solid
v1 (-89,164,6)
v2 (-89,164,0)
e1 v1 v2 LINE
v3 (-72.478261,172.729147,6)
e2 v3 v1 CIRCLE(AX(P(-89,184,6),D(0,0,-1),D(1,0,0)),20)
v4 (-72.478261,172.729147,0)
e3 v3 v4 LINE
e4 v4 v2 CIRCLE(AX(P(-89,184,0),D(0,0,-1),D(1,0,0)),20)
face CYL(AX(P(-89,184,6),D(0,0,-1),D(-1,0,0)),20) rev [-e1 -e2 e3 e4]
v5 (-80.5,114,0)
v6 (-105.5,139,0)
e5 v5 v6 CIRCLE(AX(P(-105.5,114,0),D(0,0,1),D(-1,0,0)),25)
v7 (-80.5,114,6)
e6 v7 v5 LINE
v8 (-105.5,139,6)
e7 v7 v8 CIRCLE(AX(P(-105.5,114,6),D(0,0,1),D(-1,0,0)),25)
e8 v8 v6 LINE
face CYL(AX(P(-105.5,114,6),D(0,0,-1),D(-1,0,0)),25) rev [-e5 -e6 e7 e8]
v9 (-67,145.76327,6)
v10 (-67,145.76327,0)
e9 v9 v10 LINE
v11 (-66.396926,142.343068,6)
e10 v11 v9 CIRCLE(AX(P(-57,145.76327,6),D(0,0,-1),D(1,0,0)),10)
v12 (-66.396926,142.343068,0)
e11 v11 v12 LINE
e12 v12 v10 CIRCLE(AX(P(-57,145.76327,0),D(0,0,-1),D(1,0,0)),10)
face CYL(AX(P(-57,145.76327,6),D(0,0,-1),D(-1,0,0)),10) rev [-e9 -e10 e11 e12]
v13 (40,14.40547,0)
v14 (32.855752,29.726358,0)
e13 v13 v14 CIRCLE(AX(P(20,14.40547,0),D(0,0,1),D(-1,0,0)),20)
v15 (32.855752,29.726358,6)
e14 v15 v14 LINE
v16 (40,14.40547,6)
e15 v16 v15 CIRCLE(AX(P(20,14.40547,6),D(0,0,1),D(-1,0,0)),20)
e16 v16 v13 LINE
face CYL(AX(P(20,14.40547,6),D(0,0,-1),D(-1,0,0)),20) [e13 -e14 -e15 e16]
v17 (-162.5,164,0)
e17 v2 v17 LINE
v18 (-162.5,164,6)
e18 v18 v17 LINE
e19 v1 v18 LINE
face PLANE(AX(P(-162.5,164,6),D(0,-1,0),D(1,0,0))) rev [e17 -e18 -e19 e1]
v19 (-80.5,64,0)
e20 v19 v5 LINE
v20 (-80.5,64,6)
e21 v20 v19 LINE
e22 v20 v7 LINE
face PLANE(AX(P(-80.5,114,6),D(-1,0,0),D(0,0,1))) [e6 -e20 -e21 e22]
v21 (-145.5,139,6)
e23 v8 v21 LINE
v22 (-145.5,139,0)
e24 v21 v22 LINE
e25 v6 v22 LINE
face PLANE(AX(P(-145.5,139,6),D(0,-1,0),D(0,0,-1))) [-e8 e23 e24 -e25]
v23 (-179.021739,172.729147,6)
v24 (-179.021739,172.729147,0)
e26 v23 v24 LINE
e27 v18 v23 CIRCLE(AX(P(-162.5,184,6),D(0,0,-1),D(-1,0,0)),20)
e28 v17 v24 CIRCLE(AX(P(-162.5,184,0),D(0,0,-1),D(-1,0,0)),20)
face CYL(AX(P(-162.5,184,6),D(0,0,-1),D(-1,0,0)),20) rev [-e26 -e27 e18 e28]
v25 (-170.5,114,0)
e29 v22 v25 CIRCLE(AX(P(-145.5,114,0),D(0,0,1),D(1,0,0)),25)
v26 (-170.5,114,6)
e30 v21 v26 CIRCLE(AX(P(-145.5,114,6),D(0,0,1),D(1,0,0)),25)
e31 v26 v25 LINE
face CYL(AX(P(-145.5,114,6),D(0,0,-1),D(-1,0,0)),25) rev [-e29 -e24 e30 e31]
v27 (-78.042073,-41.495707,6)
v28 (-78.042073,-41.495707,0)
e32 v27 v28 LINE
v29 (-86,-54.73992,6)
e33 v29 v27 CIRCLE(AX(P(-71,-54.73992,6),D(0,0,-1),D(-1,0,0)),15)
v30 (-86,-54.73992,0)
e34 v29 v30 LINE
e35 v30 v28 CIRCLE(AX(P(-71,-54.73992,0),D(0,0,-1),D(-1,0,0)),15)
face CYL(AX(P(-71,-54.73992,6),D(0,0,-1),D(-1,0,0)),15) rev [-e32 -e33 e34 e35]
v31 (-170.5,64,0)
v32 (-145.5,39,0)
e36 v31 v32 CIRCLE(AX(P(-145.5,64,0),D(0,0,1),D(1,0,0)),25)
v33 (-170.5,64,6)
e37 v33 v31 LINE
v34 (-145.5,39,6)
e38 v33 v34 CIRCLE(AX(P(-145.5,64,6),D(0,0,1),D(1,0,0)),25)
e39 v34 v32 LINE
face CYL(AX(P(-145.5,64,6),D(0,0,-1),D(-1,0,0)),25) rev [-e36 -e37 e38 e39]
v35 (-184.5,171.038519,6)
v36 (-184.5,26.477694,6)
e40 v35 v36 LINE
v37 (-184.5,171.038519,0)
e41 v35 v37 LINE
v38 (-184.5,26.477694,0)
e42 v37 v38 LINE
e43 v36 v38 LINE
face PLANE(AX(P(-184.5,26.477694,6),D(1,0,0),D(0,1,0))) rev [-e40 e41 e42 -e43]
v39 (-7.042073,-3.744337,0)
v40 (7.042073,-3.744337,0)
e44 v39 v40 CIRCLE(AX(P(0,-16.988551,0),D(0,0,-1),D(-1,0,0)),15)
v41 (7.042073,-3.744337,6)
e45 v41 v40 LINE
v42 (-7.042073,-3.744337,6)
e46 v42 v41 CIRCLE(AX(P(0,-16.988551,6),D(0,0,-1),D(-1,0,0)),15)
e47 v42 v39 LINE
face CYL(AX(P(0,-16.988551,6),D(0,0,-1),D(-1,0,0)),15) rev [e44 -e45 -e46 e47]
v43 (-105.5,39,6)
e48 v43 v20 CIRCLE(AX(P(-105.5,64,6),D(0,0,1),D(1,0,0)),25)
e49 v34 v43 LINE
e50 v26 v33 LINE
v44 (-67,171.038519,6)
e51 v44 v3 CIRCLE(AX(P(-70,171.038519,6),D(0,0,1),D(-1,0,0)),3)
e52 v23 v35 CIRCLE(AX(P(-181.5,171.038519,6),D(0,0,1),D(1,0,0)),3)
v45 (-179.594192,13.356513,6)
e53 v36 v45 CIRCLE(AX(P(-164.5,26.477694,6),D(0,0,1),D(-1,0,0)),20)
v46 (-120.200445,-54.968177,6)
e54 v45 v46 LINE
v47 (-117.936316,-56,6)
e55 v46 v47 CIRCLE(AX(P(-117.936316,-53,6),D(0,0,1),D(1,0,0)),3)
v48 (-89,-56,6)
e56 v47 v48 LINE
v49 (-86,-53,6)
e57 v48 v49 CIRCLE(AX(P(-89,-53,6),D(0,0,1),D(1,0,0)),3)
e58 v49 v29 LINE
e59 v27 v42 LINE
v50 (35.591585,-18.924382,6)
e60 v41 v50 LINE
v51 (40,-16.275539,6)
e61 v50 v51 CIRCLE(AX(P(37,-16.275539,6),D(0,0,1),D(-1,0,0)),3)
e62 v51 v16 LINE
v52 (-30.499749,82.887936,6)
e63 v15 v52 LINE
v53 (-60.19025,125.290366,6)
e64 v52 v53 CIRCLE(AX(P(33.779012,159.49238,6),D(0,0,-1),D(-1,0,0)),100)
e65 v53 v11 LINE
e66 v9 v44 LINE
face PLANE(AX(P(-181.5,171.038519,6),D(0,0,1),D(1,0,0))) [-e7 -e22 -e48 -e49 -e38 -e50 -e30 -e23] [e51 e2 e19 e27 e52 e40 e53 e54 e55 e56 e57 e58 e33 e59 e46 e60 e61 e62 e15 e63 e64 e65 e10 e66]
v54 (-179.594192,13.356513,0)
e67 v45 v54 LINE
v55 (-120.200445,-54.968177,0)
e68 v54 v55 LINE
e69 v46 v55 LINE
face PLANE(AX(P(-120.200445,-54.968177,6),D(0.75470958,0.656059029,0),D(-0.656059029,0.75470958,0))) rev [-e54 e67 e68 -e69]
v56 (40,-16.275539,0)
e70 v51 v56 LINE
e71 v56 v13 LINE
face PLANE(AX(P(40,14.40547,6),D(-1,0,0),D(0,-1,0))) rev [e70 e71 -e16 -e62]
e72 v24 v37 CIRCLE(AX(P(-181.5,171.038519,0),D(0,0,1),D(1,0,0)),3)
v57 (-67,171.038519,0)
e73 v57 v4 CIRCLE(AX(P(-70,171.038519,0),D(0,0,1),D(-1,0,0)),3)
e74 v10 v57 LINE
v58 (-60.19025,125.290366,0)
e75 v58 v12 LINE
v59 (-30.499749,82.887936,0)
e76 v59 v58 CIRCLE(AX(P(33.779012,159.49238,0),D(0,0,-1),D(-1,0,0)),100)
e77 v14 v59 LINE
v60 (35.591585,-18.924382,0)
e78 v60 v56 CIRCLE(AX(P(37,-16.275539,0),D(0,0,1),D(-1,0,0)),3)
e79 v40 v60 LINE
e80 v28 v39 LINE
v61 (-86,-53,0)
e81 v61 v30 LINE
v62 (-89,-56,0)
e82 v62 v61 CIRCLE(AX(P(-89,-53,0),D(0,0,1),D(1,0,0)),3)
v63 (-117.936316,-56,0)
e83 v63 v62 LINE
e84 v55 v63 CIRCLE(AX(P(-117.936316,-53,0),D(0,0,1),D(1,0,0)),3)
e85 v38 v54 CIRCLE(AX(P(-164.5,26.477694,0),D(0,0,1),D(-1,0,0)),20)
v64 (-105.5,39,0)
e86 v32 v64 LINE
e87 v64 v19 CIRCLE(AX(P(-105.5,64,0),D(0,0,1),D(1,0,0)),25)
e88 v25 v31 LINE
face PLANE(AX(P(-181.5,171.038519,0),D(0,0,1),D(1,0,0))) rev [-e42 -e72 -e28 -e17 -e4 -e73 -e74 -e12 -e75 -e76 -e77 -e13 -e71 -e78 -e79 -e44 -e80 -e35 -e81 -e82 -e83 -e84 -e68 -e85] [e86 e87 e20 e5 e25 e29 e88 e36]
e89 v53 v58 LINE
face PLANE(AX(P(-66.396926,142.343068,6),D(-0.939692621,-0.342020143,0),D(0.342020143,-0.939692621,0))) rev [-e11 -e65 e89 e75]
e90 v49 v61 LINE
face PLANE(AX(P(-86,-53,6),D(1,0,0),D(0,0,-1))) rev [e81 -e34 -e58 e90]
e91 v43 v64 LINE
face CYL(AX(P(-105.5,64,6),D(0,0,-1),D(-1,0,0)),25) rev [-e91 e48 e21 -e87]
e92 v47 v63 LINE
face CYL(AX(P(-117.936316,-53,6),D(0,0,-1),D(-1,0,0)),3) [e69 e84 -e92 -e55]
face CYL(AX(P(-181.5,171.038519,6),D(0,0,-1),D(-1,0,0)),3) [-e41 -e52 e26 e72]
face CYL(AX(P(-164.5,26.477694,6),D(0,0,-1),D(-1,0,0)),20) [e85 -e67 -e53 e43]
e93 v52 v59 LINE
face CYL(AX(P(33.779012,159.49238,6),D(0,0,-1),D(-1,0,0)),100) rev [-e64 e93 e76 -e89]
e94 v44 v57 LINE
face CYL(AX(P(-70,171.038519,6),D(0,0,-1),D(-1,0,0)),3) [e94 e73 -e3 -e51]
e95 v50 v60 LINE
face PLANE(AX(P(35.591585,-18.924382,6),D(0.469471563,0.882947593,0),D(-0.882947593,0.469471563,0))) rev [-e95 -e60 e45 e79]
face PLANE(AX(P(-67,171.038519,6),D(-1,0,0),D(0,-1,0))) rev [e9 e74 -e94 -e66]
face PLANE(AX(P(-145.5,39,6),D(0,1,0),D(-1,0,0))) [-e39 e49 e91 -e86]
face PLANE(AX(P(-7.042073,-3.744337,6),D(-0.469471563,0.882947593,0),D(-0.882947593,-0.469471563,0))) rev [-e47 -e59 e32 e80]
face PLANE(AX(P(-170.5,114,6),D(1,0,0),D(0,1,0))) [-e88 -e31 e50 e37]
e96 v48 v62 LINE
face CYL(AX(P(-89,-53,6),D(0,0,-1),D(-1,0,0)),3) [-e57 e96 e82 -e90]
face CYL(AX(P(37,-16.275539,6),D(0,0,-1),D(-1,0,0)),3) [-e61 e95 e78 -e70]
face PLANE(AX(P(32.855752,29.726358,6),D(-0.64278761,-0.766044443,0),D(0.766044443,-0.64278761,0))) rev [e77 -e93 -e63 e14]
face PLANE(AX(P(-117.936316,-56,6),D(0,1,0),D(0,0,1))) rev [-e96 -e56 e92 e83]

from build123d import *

# Parameters (mm, degrees)
EXTRUDE1_DEPTH = 6


with BuildPart() as part:
    # Sketch1 → Extrude1 (new body)
    with BuildSketch(Plane.XY):
        with BuildLine():
            Line((-7.042073442, -3.744336867), (-78.042073442, -41.495706515))
            ThreePointArc((-78.042073442, -41.495706515), (-83.857509511, -47.014349285), (-86, -54.739920408))
            Line((-86, -54.739920408), (-86, -53))
            ThreePointArc((-86, -53), (-86.878679656, -55.121320344), (-89, -56))
            Line((-89, -56), (-117.936315897, -56))
            ThreePointArc((-117.936315897, -56), (-119.180395625, -55.729883813), (-120.200444638, -54.968177087))
            Line((-120.200444638, -54.968177087), (-179.594191604, 13.35651301))
            ThreePointArc((-179.594191604, 13.35651301), (-183.233443785, 19.473545965), (-184.5, 26.47769359))
            Line((-184.5, 26.47769359), (-184.5, 171.038518603))
            ThreePointArc((-184.5, 171.038518603), (-182.384651737, 173.905117861), (-179.02173913, 172.729146611))
            ThreePointArc((-179.02173913, 172.729146611), (-171.842990213, 166.316433225), (-162.5, 164))
            Line((-162.5, 164), (-89, 164))
            ThreePointArc((-89, 164), (-79.657009787, 166.316433225), (-72.47826087, 172.729146611))
            ThreePointArc((-72.47826087, 172.729146611), (-69.115348263, 173.905117861), (-67, 171.038518603))
            Line((-67, 171.038518603), (-67, 145.763269807))
            ThreePointArc((-67, 145.763269807), (-66.84807753, 144.02678803), (-66.396926208, 142.343068374))
            Line((-66.396926208, 142.343068374), (-60.19025019, 125.290366164))
            ThreePointArc((-60.19025019, 125.290366164), (-48.13619254, 102.134736861), (-30.49974908, 82.887936184))
            Line((-30.49974908, 82.887936184), (32.855752194, 29.726358433))
            ThreePointArc((32.855752194, 29.726358433), (38.126155741, 22.857834805), (40, 14.40546957))
            Line((40, 14.40546957), (40, -16.275538819))
            ThreePointArc((40, -16.275538819), (38.545114225, -18.847040722), (35.591585312, -18.924381598))
            Line((35.591585312, -18.924381598), (7.042073442, -3.744336867))
            ThreePointArc((7.042073442, -3.744336867), (0, -1.98855076), (-7.042073442, -3.744336867))
        make_face()
        with BuildLine():
            Line((-145.5, 139), (-105.5, 139))
            ThreePointArc((-105.5, 139), (-87.82233047, 131.67766953), (-80.5, 114))
            Line((-80.5, 114), (-80.5, 64))
            ThreePointArc((-80.5, 64), (-87.82233047, 46.32233047), (-105.5, 39))
            Line((-105.5, 39), (-145.5, 39))
            ThreePointArc((-145.5, 39), (-163.17766953, 46.32233047), (-170.5, 64))
            Line((-170.5, 64), (-170.5, 114))
            ThreePointArc((-170.5, 114), (-163.17766953, 131.67766953), (-145.5, 139))
        make_face(mode=Mode.SUBTRACT)
    extrude(amount=EXTRUDE1_DEPTH)


solid = part.part
